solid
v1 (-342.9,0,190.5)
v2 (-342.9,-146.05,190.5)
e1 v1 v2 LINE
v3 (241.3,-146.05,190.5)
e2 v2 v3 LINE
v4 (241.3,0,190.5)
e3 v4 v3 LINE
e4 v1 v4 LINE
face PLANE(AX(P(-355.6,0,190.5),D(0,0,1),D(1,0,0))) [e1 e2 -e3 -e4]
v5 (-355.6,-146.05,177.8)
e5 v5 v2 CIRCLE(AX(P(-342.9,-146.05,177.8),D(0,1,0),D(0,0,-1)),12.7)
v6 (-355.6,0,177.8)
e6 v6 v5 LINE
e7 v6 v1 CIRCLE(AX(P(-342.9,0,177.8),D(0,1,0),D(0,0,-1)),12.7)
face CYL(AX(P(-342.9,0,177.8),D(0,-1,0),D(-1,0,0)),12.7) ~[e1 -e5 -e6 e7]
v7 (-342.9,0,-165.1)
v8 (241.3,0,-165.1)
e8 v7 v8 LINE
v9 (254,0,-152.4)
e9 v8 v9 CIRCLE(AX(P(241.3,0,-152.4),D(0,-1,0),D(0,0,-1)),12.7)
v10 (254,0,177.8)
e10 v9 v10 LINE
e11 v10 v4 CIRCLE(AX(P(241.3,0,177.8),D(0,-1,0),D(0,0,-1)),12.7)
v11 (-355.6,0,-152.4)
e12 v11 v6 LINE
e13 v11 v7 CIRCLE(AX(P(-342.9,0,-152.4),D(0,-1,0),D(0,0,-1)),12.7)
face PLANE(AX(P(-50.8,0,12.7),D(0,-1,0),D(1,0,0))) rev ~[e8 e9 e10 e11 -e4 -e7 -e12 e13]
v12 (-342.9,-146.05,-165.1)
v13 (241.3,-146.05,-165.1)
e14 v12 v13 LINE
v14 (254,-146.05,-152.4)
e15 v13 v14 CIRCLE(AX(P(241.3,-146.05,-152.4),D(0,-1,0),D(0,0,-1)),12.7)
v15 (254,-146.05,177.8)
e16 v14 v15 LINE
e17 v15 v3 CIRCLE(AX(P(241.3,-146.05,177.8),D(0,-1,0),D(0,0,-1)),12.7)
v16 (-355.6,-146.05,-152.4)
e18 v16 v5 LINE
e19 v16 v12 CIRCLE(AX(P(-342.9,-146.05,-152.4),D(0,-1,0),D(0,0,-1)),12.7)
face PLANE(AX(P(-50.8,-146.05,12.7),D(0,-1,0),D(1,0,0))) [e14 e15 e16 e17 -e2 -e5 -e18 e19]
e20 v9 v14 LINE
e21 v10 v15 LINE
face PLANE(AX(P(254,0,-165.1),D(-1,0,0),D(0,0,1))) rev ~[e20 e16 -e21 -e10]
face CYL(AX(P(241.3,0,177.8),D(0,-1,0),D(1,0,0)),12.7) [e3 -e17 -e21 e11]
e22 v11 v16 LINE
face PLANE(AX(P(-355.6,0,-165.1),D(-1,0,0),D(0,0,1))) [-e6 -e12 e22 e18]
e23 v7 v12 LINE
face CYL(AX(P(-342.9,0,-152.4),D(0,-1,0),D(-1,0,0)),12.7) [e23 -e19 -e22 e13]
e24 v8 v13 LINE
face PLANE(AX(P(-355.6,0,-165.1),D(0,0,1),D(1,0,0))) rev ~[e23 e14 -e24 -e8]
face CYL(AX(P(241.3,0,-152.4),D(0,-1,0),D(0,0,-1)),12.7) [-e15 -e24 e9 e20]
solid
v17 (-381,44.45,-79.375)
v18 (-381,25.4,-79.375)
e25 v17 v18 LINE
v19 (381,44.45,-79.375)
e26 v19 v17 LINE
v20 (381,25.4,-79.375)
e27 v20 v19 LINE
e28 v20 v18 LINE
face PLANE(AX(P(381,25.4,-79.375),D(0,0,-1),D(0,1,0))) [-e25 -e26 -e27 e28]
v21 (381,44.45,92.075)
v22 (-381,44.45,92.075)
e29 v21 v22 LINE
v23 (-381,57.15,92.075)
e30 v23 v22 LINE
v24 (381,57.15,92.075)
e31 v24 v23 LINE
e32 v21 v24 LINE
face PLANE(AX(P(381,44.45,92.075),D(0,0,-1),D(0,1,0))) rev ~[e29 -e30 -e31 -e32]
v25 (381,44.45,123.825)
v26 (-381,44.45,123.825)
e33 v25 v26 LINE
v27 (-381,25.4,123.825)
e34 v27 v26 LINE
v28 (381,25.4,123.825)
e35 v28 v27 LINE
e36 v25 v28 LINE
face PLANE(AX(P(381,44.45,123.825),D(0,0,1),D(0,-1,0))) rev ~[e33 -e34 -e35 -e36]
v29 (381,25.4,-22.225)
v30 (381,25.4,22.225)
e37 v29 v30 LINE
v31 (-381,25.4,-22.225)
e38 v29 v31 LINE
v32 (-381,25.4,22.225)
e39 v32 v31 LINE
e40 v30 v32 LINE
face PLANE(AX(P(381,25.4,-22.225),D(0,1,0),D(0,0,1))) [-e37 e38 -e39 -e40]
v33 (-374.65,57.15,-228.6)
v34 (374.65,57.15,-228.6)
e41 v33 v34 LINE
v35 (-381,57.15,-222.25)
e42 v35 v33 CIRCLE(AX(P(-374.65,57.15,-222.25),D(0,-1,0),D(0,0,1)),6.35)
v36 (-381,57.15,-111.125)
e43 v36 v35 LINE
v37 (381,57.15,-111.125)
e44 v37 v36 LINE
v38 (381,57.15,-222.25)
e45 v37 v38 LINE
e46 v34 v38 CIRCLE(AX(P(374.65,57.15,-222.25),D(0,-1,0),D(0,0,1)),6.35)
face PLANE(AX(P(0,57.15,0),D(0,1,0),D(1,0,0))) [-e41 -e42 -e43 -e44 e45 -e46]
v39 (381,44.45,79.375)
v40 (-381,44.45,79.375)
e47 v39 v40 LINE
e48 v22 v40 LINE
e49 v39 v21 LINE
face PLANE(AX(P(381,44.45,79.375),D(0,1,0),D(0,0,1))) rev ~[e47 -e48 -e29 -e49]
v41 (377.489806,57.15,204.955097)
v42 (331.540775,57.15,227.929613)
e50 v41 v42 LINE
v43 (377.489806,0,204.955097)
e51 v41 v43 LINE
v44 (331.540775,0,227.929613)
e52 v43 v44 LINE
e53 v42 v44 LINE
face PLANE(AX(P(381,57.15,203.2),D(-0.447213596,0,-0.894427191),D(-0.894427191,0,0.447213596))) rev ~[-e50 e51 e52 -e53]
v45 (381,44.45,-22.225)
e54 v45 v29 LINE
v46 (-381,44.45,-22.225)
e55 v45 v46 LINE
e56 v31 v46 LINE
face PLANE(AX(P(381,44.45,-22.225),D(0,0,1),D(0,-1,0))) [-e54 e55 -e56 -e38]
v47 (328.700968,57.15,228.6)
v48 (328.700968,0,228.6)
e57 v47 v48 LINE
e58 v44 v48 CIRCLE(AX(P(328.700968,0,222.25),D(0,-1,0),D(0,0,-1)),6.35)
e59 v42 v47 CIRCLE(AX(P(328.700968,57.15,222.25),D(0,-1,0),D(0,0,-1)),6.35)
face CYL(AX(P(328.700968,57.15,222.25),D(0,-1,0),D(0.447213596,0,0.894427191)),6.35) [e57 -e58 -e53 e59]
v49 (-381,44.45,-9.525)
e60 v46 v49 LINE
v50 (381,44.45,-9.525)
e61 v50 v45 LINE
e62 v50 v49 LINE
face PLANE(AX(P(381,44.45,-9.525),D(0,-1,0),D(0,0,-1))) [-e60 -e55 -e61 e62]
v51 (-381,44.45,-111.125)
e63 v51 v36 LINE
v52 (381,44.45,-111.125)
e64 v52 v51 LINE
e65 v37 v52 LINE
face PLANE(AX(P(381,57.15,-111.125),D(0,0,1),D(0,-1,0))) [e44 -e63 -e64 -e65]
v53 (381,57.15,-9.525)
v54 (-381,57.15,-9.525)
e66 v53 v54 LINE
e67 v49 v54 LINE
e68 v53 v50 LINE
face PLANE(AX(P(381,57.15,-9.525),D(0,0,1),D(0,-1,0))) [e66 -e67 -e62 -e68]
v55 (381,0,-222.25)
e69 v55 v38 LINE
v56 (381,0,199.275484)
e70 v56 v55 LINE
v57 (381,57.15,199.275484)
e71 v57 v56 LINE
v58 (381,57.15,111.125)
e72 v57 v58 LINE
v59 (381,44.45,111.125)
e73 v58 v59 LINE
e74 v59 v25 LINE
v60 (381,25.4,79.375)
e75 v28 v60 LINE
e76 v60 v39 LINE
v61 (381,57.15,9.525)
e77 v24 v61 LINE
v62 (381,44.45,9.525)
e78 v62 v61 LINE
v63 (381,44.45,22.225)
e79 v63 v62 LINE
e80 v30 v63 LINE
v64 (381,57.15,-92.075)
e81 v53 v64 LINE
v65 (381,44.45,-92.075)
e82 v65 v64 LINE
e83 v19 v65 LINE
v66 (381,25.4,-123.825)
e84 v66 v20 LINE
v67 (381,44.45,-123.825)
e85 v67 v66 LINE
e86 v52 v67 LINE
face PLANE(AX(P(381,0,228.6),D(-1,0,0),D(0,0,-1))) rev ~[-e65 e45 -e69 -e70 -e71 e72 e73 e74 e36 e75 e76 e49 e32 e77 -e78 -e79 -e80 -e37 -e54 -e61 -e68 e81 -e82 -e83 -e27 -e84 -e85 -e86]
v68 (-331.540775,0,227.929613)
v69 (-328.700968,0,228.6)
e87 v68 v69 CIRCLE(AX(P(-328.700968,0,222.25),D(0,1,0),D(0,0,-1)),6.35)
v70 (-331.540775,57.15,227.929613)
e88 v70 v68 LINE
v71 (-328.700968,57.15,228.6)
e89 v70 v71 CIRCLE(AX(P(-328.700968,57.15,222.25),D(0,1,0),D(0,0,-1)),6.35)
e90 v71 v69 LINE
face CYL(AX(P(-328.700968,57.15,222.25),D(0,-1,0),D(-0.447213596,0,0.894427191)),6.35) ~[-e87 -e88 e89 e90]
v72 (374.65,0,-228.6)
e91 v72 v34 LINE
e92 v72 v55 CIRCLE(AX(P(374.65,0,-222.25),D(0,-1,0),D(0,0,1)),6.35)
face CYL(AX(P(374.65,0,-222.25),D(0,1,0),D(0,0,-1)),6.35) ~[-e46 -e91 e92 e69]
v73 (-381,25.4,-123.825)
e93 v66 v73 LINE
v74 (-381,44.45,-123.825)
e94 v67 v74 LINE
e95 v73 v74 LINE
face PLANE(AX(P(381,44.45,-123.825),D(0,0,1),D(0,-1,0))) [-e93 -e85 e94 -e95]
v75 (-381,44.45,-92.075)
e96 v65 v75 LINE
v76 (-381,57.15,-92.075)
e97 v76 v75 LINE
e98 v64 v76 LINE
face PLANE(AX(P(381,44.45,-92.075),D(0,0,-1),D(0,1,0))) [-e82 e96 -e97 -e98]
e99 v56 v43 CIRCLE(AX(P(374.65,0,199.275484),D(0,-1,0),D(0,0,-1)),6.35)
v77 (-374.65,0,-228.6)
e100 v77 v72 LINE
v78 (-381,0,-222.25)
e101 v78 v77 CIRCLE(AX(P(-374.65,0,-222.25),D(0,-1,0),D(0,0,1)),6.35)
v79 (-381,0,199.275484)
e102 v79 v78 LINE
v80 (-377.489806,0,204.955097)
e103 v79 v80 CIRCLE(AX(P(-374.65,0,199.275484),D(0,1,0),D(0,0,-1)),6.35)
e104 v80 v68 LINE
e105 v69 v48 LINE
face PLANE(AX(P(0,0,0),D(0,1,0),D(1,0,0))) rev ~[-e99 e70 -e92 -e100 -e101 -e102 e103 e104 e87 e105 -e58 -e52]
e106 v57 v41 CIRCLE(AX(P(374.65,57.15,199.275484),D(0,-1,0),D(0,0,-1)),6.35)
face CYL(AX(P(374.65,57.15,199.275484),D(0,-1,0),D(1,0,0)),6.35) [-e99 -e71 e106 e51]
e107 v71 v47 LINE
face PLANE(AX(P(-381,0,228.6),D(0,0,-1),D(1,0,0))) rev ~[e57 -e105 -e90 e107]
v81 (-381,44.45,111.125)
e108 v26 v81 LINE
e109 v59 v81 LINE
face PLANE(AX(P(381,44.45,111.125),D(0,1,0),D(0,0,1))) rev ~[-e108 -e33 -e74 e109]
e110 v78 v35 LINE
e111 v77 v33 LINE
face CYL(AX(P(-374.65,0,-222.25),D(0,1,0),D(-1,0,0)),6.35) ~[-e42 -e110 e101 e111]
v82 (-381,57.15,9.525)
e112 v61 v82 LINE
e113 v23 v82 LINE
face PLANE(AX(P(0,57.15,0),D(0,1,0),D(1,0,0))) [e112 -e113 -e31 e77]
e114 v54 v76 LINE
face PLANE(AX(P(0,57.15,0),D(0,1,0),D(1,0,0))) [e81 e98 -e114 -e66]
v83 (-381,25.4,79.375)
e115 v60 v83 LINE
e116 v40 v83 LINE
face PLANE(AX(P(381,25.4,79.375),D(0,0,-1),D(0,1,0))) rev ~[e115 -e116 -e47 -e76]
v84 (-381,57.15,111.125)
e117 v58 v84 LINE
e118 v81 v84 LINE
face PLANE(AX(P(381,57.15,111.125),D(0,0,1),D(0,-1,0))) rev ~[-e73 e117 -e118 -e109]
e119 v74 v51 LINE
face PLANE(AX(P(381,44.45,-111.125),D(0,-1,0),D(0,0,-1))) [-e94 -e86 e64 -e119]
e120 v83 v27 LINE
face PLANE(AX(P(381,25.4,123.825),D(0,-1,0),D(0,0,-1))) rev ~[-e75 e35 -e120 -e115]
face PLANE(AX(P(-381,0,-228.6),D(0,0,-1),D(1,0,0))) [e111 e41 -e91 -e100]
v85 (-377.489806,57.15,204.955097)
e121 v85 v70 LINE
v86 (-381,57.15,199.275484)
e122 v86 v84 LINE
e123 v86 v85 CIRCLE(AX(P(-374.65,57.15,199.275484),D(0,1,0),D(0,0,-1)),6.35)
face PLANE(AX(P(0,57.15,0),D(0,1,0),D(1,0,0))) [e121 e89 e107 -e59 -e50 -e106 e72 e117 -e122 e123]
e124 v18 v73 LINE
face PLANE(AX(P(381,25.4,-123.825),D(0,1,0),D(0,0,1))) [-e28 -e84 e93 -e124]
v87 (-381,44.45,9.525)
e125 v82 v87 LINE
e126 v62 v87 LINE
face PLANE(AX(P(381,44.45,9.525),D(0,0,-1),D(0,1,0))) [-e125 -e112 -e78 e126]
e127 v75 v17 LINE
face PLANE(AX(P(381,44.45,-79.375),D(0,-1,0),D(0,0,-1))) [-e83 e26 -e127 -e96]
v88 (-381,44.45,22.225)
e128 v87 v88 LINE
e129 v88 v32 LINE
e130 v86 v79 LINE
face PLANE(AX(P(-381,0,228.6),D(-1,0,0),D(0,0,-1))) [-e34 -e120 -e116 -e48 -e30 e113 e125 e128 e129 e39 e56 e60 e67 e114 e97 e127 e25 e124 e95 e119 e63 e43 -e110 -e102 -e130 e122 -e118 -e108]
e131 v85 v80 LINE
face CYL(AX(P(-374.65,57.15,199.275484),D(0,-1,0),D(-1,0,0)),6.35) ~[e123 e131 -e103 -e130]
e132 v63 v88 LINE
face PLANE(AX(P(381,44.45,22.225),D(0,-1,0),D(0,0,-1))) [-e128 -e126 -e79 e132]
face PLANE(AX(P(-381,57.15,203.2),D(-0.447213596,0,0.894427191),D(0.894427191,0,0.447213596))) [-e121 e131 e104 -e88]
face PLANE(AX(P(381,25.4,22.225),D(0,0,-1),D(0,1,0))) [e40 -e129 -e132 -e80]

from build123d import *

# Parameters (mm, degrees)
SKETCH1_W           = 762
SKETCH1_H           = 457.2
BOSS_EXTRUDE1_DEPTH = 57.15
CUT_EXTRUDE1_DEPTH  = 448.978886221
CUT_EXTRUDE2_DEPTH  = 798.601455929
FILLET1_R           = 6.35
SKETCH4_W           = 609.6
SKETCH4_H           = 355.6
BOSS_EXTRUDE2_DEPTH = 146.05
FILLET2_R           = 12.7


with BuildPart() as part:
    # Sketch1 → Boss-Extrude1 (new body)
    with BuildSketch(Plane(origin=(0, 0, 0), x_dir=(1, 0, 0), z_dir=(0, 1, 0))):
        Rectangle(SKETCH1_W, SKETCH1_H)
    extrude(amount=BOSS_EXTRUDE1_DEPTH)

    # Sketch2 → Cut-Extrude1 (cut, through all)
    with BuildSketch(Plane(origin=(0, 57.15, 0), x_dir=(1, 0, 0), z_dir=(0, 1, 0))):
        Polygon((-381, -203.2), (-330.2, -228.6), (-381, -228.6), align=None)
        Polygon((330.2, -228.6), (381, -228.6), (381, -203.2), align=None)
    extrude(amount=-CUT_EXTRUDE1_DEPTH, mode=Mode.SUBTRACT)

    # Sketch3 → Cut-Extrude2 (cut, through all)
    with BuildSketch(Plane(origin=(381, 0, 0), x_dir=(0, 0, -1), z_dir=(1, 0, 0))):
        Polygon((-123.825, 25.4), (-79.375, 25.4), (-79.375, 44.45), (-92.075, 44.45), (-92.075, 57.15), (-111.125, 57.15), (-111.125, 44.45), (-123.825, 44.45), align=None)
        Polygon((-22.225, 25.4), (-22.225, 44.45), (-9.525, 44.45), (-9.525, 57.15), (9.525, 57.15), (9.525, 44.45), (22.225, 44.45), (22.225, 25.4), align=None)
        Polygon((79.375, 25.4), (79.375, 44.45), (92.075, 44.45), (92.075, 57.15), (111.125, 57.15), (111.125, 44.45), (123.825, 44.45), (123.825, 25.4), align=None)
    extrude(amount=-CUT_EXTRUDE2_DEPTH, mode=Mode.SUBTRACT)

    # Fillet1
    fillet1_edges = [part.edges().sort_by_distance(p)[0] for p in [
        (-381, 28.575, 203.2),
        (-330.2, 28.575, 228.6),
        (330.2, 28.575, 228.6),
        (381, 28.575, 203.2),
        (-381, 28.575, -228.6),
        (381, 28.575, -228.6),
    ]]
    fillet(fillet1_edges, radius=FILLET1_R)


with BuildPart() as body_2:
    # Sketch4 → Boss-Extrude2 (new body)
    with BuildSketch(Plane.XZ):
        with Locations((-50.8, 12.7)):
            Rectangle(SKETCH4_W, SKETCH4_H)
    extrude(amount=BOSS_EXTRUDE2_DEPTH)

    # Fillet2
    fillet2_edges = [body_2.edges().sort_by_distance(p)[0] for p in [
        (-355.6, -73.025, 190.5),
        (254, -73.025, 190.5),
        (254, -73.025, -165.1),
        (-355.6, -73.025, -165.1),
    ]]
    fillet(fillet2_edges, radius=FILLET2_R)


solid = Compound([part.part, body_2.part])
